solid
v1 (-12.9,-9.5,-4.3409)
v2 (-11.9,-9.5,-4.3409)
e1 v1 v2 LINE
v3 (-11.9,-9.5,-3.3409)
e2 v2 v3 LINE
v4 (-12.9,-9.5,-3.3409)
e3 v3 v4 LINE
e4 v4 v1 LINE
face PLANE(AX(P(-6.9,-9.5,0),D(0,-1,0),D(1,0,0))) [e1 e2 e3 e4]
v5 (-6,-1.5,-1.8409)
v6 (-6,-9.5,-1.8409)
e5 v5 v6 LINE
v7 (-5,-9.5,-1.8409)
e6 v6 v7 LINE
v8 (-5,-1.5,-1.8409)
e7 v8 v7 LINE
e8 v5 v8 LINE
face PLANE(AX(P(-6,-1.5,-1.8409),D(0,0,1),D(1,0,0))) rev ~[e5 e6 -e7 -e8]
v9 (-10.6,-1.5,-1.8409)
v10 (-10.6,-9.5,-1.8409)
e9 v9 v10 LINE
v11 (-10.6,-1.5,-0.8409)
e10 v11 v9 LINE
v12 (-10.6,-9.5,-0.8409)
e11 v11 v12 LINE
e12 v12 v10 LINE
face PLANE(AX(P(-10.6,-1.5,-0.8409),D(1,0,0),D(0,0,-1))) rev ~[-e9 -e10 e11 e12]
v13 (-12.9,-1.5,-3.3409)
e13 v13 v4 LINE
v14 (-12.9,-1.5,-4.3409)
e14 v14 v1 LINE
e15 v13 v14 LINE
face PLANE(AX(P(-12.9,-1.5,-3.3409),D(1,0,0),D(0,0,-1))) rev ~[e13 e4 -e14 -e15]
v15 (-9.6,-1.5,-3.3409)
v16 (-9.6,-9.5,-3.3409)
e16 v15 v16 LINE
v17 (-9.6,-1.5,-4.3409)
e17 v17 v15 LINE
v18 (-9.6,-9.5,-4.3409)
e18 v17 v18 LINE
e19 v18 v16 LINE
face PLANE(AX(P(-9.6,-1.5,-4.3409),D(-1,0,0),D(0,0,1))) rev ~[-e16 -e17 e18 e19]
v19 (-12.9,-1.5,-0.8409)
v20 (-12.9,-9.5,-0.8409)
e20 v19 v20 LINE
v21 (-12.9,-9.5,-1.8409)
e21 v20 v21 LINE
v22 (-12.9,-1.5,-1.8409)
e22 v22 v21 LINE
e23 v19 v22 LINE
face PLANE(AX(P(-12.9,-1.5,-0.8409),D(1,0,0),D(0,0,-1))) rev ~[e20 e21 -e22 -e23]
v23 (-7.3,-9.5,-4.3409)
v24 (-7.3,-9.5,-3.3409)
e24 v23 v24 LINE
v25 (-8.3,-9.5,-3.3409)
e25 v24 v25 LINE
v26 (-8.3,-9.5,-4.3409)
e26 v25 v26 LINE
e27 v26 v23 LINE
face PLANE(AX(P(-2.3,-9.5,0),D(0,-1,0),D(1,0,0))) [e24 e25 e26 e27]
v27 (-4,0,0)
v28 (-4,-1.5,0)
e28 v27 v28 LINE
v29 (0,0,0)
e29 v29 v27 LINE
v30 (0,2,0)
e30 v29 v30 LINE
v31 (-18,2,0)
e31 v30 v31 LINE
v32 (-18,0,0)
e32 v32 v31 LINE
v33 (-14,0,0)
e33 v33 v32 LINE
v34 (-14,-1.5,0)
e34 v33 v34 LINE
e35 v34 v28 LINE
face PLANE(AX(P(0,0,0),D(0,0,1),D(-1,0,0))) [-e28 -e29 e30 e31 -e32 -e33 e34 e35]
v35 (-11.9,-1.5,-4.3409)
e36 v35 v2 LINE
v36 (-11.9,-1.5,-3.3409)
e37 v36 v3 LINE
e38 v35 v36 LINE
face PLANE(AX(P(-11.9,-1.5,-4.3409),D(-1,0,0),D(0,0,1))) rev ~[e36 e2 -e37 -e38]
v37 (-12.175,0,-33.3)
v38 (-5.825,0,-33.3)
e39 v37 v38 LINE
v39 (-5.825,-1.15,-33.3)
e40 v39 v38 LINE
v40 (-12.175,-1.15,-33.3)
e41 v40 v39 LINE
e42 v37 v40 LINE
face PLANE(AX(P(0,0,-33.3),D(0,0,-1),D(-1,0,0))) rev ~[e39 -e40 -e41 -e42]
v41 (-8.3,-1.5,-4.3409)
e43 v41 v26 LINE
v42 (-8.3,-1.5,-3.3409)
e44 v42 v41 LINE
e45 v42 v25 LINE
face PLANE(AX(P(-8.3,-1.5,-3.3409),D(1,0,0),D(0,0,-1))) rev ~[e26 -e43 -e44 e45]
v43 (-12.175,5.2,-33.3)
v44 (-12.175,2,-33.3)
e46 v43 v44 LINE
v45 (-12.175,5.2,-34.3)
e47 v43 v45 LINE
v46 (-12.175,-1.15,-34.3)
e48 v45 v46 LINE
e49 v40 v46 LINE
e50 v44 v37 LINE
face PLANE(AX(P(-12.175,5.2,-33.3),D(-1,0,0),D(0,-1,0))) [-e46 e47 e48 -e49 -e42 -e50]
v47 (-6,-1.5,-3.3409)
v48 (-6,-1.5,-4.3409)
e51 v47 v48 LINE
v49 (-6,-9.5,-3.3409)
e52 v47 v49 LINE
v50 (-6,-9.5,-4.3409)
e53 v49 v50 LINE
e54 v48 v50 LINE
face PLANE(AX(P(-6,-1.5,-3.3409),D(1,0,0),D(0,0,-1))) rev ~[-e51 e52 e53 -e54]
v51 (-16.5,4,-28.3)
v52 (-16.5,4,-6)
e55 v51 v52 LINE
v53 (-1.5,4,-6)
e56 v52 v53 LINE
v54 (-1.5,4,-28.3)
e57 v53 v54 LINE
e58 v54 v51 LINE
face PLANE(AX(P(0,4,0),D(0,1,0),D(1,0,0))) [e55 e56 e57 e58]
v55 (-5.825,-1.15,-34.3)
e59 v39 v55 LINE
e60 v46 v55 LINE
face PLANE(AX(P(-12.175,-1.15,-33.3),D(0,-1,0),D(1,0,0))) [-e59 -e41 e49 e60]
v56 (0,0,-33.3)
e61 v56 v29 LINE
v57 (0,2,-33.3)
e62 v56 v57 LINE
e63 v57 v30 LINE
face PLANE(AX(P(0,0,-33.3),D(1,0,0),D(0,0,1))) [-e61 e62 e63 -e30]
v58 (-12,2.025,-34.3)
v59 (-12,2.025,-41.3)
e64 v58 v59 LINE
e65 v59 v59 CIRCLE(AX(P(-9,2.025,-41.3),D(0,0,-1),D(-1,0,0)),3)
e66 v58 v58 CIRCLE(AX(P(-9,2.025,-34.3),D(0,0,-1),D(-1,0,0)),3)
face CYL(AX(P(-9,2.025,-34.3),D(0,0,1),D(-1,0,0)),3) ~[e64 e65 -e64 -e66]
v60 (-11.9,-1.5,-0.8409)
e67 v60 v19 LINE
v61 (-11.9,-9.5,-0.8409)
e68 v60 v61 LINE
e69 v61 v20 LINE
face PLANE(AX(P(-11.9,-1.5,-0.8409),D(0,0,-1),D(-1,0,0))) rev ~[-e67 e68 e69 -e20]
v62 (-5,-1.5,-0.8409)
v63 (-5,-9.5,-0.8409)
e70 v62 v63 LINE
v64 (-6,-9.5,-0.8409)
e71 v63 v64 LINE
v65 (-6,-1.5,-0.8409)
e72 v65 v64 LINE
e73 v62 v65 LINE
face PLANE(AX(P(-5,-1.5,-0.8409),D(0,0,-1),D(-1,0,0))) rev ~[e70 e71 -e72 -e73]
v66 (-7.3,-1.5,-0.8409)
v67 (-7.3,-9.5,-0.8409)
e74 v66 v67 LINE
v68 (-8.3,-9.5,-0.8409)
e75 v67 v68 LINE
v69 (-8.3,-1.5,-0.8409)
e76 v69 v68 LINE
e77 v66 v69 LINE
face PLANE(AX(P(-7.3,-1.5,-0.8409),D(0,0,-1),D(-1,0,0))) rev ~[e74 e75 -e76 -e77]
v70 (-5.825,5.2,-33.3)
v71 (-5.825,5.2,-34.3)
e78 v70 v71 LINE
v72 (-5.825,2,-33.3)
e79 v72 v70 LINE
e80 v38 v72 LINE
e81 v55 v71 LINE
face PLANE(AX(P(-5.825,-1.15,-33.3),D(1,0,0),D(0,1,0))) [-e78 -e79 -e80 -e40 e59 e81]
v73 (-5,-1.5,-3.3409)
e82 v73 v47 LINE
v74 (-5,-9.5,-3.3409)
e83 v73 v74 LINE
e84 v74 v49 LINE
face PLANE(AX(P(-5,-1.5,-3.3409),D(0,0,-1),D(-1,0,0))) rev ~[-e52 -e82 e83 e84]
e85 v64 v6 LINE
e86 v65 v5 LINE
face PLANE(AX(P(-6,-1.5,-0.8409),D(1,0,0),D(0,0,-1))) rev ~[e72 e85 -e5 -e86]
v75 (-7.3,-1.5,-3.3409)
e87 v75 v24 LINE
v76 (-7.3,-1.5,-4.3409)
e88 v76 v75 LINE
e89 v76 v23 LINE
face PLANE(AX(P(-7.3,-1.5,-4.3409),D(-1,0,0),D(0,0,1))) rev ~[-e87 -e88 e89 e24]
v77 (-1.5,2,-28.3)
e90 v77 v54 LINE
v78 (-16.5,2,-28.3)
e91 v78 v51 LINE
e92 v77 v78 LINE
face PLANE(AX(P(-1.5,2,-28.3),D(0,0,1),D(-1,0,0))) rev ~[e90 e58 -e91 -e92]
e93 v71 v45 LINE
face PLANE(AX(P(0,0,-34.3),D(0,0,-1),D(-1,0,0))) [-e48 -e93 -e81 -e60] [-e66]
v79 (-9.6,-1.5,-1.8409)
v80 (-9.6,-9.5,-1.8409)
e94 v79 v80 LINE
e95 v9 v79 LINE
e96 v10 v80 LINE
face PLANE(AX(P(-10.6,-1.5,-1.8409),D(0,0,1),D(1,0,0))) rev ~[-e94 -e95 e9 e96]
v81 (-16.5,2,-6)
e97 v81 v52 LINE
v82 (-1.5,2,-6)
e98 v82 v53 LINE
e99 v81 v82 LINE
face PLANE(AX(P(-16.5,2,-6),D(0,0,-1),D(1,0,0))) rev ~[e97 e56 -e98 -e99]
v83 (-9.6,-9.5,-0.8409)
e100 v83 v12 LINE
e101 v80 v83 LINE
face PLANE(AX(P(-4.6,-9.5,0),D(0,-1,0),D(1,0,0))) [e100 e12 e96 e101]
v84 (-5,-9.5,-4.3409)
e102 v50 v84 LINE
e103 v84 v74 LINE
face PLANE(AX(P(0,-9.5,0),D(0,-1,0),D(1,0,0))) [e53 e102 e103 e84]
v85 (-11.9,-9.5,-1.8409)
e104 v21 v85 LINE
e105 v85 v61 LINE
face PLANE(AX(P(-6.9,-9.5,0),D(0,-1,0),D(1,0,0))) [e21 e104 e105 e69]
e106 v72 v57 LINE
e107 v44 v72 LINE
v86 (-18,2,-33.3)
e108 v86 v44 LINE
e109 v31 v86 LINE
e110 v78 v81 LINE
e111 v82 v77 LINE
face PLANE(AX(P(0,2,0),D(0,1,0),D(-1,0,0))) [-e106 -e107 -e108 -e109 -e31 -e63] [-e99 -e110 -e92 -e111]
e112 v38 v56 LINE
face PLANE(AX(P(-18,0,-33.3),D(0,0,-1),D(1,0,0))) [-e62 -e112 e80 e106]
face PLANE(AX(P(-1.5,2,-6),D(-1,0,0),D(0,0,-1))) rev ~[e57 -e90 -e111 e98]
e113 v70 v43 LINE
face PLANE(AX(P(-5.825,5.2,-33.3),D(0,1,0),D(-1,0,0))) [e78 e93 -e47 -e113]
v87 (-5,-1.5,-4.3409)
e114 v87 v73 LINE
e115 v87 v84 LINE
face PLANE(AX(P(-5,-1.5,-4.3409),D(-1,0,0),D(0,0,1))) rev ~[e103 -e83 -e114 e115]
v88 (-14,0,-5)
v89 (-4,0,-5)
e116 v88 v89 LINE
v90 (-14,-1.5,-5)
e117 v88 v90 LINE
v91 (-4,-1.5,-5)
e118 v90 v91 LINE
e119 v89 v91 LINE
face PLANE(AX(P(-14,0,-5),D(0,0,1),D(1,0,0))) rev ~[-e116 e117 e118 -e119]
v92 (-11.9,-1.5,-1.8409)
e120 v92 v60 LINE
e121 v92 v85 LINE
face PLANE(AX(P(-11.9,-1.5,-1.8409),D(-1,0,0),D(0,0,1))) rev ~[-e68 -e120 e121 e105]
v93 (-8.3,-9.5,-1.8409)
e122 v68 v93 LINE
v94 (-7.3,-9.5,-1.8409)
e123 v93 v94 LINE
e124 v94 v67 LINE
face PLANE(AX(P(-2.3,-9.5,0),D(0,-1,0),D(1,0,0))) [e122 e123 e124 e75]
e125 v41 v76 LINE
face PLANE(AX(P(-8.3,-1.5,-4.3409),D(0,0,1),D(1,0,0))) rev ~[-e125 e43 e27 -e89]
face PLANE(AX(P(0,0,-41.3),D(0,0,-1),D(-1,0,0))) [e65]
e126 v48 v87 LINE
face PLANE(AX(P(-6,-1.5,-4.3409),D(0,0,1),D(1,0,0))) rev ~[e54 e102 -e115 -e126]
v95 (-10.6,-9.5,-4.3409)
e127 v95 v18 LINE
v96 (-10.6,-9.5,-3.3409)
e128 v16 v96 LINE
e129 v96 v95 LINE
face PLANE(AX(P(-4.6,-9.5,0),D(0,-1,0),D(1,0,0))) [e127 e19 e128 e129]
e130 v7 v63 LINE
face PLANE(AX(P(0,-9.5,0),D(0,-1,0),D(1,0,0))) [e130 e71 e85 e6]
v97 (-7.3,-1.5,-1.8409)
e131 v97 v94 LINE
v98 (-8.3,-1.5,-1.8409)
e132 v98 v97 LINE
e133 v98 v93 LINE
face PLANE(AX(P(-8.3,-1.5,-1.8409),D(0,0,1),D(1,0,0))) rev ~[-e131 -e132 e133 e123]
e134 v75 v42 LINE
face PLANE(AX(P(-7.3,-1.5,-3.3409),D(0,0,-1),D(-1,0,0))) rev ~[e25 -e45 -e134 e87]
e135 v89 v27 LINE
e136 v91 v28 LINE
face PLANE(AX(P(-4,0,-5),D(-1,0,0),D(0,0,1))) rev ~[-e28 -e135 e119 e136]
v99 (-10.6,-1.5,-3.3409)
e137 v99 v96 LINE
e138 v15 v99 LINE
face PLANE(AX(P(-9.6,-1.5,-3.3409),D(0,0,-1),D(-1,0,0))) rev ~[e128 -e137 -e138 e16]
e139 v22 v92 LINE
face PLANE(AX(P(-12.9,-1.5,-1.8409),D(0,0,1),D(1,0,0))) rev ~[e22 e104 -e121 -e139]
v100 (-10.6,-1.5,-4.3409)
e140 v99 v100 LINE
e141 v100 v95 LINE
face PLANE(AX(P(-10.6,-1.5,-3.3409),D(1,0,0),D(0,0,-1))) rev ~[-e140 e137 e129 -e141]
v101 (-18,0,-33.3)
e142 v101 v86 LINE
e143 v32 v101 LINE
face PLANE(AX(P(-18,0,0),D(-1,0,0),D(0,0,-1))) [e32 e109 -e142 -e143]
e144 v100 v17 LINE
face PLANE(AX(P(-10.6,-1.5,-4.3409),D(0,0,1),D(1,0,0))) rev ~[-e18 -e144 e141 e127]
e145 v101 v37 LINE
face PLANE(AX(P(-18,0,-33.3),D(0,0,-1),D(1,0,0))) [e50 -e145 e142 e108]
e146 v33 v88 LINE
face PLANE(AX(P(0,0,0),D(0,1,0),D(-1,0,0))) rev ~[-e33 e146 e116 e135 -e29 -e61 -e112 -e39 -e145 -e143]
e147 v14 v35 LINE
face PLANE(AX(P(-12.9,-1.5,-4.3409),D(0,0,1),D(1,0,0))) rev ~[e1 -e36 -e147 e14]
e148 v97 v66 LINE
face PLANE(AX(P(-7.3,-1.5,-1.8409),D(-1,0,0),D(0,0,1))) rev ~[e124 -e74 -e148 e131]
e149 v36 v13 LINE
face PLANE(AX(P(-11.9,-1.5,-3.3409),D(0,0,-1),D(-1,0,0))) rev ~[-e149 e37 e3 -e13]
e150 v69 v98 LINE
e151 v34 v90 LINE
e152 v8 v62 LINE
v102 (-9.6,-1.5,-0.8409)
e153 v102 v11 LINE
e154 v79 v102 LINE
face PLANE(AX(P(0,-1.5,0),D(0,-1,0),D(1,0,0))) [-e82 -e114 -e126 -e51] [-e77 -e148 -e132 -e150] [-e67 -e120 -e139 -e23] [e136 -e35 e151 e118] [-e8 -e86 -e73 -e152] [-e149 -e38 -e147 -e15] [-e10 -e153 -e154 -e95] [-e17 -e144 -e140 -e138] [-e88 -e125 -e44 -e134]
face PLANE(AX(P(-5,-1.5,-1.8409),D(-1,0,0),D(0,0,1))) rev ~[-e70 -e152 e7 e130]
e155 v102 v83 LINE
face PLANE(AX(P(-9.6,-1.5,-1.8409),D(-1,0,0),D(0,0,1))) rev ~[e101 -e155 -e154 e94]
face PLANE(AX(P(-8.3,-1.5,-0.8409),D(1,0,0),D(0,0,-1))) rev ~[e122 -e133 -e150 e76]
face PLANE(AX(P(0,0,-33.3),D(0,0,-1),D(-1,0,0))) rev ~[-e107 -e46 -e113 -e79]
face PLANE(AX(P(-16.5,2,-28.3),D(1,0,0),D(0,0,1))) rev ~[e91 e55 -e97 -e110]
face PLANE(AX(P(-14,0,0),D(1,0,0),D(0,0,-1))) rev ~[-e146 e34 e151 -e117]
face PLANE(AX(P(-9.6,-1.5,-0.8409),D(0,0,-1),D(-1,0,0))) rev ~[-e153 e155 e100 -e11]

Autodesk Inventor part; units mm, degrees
ref_plane "YZ Plane" through (0, 0, 0) normal (1, 0, 0) x (0, 1, 0)
ref_plane "XZ Plane" through (0, 0, 0) normal (0, 1, 0) x (-1, 0, 0)
ref_plane "XY Plane" through (0, 0, 0) normal (0, 0, 1) x (1, 0, 0)
sketch "Sketch1" plane through (0, 0, 0) normal (0, 1, 0) x (-1, 0, 0)
  line L0 (0, 0) -> (18, 0)
  line L1 (18, 0) -> (18, -33.3)
  line L2 (18, -33.3) -> (0, -33.3)
  line L3 (0, -33.3) -> (0, 0)
  dimension "d0" = 33.3
  dimension "d1" = 18
extrude "Extrusion1" add sketch "Sketch1" along normal blind 2
sketch "Sketch2" plane through (0, 2, 0) normal (0, 1, 0) x (1, 0, 0)
  line L0 (-16.5, 6) -> (-1.5, 6)
  line L1 (-1.5, 6) -> (-1.5, 28.3)
  line L2 (-1.5, 28.3) -> (-16.5, 28.3)
  line L3 (-16.5, 28.3) -> (-16.5, 6)
  line L4 (-18, 0) -> (0, 0) projected
  line L5 (0, 33.3) -> (-18, 33.3) projected
  line L6 (-18, 33.3) -> (-18, 0) projected
  line L7 (0, 0) -> (0, 33.3) projected
  dimension "d4" = 6
  dimension "d5" = 5
  dimension "d6" = 1.5
  dimension "d7" = 1.5
extrude "Extrusion2" add sketch "Sketch2" along normal blind 2 contours L3 L2 L1 L0
sketch "Sketch3" plane through (0, 0, -33.3) normal (0, 0, -1) x (-1, 0, 0)
  line L0 (18, 0) -> (0, 0) construction
  line L1 (18, 0) -> (18, 2) construction
  line L2 (0, 2) -> (18, 2) construction
  line L3 (0, 0) -> (0, 2) construction
  line L4 (5.825, 5.2) -> (12.175, 5.2)
  line L5 (12.175, 5.2) -> (12.175, -1.15)
  line L6 (12.175, -1.15) -> (5.825, -1.15)
  line L7 (5.825, -1.15) -> (5.825, 5.2)
  point P0 (0, 0)
  point P1 (9, 5.2)
  point P2 (9, 2)
  dimension "d10" = 6.35
  dimension "d11" = 6.35
  dimension "d12" = 3.2
extrude "Extrusion3" add sketch "Sketch3" along normal blind 1
sketch "Sketch4" plane through (0, 0, -34.3) normal (0, 0, -1) x (-1, 0, 0)
  line L0 (12.175, 5.2) -> (5.825, 5.2) construction
  line L1 (5.825, 5.2) -> (5.825, -1.15) construction
  line L2 (5.825, -1.15) -> (12.175, -1.15) construction
  line L3 (12.175, -1.15) -> (12.175, 5.2) construction
  circle A0 centre (9, 2.025) radius 3
  point P0 (0, 0)
  dimension "d15" = 6
extrude "Extrusion4" add sketch "Sketch4" along normal blind 7
sketch "Sketch5" plane through (0, 0, 0) normal (0, -1, 0) x (1, 0, 0)
  line L0 (-18, 0) -> (0, 0) projected
  line L1 (-4, 0) -> (-14, 0)
  line L2 (-14, 0) -> (-14, -5)
  line L3 (-14, -5) -> (-4, -5)
  line L4 (-4, -5) -> (-4, 0)
  point P0 (-9, -5)
  point P1 (-9, 0)
  dimension "d18" = 5
  dimension "d19" = 10
extrude "Extrusion5" add sketch "Sketch5" along normal blind 1.5
sketch "Sketch6" plane through (0, -1.5, 0) normal (0, -1, 0) x (1, 0, 0)
  line L0 (-6, -1.8409) -> (-5, -1.8409)
  line L1 (-5, -1.8409) -> (-5, -0.8409)
  line L2 (-5, -0.8409) -> (-6, -0.8409)
  line L3 (-6, -0.8409) -> (-6, -1.8409)
  line L4 (-6, -4.3409) -> (-5, -4.3409)
  line L5 (-5, -4.3409) -> (-5, -3.3409)
  line L6 (-5, -3.3409) -> (-6, -3.3409)
  line L7 (-6, -3.3409) -> (-6, -4.3409)
  line L8 (-4, -5) -> (-4, 0) projected
  point P0 (0, 0)
  dimension "d22" = 1
  dimension "d23" = 1
  dimension "d24" = 1
  dimension "d25" = 1.5
  dimension "d26" = 1
extrude "Extrusion6" add sketch "Sketch6" along normal blind 8
pattern_linear "Rectangular Pattern1" count 4 spacing 2.3 along (-1, 0, 0) of "Extrusion6"
properties part number "SPIRadio" material "ABS Plastic"
